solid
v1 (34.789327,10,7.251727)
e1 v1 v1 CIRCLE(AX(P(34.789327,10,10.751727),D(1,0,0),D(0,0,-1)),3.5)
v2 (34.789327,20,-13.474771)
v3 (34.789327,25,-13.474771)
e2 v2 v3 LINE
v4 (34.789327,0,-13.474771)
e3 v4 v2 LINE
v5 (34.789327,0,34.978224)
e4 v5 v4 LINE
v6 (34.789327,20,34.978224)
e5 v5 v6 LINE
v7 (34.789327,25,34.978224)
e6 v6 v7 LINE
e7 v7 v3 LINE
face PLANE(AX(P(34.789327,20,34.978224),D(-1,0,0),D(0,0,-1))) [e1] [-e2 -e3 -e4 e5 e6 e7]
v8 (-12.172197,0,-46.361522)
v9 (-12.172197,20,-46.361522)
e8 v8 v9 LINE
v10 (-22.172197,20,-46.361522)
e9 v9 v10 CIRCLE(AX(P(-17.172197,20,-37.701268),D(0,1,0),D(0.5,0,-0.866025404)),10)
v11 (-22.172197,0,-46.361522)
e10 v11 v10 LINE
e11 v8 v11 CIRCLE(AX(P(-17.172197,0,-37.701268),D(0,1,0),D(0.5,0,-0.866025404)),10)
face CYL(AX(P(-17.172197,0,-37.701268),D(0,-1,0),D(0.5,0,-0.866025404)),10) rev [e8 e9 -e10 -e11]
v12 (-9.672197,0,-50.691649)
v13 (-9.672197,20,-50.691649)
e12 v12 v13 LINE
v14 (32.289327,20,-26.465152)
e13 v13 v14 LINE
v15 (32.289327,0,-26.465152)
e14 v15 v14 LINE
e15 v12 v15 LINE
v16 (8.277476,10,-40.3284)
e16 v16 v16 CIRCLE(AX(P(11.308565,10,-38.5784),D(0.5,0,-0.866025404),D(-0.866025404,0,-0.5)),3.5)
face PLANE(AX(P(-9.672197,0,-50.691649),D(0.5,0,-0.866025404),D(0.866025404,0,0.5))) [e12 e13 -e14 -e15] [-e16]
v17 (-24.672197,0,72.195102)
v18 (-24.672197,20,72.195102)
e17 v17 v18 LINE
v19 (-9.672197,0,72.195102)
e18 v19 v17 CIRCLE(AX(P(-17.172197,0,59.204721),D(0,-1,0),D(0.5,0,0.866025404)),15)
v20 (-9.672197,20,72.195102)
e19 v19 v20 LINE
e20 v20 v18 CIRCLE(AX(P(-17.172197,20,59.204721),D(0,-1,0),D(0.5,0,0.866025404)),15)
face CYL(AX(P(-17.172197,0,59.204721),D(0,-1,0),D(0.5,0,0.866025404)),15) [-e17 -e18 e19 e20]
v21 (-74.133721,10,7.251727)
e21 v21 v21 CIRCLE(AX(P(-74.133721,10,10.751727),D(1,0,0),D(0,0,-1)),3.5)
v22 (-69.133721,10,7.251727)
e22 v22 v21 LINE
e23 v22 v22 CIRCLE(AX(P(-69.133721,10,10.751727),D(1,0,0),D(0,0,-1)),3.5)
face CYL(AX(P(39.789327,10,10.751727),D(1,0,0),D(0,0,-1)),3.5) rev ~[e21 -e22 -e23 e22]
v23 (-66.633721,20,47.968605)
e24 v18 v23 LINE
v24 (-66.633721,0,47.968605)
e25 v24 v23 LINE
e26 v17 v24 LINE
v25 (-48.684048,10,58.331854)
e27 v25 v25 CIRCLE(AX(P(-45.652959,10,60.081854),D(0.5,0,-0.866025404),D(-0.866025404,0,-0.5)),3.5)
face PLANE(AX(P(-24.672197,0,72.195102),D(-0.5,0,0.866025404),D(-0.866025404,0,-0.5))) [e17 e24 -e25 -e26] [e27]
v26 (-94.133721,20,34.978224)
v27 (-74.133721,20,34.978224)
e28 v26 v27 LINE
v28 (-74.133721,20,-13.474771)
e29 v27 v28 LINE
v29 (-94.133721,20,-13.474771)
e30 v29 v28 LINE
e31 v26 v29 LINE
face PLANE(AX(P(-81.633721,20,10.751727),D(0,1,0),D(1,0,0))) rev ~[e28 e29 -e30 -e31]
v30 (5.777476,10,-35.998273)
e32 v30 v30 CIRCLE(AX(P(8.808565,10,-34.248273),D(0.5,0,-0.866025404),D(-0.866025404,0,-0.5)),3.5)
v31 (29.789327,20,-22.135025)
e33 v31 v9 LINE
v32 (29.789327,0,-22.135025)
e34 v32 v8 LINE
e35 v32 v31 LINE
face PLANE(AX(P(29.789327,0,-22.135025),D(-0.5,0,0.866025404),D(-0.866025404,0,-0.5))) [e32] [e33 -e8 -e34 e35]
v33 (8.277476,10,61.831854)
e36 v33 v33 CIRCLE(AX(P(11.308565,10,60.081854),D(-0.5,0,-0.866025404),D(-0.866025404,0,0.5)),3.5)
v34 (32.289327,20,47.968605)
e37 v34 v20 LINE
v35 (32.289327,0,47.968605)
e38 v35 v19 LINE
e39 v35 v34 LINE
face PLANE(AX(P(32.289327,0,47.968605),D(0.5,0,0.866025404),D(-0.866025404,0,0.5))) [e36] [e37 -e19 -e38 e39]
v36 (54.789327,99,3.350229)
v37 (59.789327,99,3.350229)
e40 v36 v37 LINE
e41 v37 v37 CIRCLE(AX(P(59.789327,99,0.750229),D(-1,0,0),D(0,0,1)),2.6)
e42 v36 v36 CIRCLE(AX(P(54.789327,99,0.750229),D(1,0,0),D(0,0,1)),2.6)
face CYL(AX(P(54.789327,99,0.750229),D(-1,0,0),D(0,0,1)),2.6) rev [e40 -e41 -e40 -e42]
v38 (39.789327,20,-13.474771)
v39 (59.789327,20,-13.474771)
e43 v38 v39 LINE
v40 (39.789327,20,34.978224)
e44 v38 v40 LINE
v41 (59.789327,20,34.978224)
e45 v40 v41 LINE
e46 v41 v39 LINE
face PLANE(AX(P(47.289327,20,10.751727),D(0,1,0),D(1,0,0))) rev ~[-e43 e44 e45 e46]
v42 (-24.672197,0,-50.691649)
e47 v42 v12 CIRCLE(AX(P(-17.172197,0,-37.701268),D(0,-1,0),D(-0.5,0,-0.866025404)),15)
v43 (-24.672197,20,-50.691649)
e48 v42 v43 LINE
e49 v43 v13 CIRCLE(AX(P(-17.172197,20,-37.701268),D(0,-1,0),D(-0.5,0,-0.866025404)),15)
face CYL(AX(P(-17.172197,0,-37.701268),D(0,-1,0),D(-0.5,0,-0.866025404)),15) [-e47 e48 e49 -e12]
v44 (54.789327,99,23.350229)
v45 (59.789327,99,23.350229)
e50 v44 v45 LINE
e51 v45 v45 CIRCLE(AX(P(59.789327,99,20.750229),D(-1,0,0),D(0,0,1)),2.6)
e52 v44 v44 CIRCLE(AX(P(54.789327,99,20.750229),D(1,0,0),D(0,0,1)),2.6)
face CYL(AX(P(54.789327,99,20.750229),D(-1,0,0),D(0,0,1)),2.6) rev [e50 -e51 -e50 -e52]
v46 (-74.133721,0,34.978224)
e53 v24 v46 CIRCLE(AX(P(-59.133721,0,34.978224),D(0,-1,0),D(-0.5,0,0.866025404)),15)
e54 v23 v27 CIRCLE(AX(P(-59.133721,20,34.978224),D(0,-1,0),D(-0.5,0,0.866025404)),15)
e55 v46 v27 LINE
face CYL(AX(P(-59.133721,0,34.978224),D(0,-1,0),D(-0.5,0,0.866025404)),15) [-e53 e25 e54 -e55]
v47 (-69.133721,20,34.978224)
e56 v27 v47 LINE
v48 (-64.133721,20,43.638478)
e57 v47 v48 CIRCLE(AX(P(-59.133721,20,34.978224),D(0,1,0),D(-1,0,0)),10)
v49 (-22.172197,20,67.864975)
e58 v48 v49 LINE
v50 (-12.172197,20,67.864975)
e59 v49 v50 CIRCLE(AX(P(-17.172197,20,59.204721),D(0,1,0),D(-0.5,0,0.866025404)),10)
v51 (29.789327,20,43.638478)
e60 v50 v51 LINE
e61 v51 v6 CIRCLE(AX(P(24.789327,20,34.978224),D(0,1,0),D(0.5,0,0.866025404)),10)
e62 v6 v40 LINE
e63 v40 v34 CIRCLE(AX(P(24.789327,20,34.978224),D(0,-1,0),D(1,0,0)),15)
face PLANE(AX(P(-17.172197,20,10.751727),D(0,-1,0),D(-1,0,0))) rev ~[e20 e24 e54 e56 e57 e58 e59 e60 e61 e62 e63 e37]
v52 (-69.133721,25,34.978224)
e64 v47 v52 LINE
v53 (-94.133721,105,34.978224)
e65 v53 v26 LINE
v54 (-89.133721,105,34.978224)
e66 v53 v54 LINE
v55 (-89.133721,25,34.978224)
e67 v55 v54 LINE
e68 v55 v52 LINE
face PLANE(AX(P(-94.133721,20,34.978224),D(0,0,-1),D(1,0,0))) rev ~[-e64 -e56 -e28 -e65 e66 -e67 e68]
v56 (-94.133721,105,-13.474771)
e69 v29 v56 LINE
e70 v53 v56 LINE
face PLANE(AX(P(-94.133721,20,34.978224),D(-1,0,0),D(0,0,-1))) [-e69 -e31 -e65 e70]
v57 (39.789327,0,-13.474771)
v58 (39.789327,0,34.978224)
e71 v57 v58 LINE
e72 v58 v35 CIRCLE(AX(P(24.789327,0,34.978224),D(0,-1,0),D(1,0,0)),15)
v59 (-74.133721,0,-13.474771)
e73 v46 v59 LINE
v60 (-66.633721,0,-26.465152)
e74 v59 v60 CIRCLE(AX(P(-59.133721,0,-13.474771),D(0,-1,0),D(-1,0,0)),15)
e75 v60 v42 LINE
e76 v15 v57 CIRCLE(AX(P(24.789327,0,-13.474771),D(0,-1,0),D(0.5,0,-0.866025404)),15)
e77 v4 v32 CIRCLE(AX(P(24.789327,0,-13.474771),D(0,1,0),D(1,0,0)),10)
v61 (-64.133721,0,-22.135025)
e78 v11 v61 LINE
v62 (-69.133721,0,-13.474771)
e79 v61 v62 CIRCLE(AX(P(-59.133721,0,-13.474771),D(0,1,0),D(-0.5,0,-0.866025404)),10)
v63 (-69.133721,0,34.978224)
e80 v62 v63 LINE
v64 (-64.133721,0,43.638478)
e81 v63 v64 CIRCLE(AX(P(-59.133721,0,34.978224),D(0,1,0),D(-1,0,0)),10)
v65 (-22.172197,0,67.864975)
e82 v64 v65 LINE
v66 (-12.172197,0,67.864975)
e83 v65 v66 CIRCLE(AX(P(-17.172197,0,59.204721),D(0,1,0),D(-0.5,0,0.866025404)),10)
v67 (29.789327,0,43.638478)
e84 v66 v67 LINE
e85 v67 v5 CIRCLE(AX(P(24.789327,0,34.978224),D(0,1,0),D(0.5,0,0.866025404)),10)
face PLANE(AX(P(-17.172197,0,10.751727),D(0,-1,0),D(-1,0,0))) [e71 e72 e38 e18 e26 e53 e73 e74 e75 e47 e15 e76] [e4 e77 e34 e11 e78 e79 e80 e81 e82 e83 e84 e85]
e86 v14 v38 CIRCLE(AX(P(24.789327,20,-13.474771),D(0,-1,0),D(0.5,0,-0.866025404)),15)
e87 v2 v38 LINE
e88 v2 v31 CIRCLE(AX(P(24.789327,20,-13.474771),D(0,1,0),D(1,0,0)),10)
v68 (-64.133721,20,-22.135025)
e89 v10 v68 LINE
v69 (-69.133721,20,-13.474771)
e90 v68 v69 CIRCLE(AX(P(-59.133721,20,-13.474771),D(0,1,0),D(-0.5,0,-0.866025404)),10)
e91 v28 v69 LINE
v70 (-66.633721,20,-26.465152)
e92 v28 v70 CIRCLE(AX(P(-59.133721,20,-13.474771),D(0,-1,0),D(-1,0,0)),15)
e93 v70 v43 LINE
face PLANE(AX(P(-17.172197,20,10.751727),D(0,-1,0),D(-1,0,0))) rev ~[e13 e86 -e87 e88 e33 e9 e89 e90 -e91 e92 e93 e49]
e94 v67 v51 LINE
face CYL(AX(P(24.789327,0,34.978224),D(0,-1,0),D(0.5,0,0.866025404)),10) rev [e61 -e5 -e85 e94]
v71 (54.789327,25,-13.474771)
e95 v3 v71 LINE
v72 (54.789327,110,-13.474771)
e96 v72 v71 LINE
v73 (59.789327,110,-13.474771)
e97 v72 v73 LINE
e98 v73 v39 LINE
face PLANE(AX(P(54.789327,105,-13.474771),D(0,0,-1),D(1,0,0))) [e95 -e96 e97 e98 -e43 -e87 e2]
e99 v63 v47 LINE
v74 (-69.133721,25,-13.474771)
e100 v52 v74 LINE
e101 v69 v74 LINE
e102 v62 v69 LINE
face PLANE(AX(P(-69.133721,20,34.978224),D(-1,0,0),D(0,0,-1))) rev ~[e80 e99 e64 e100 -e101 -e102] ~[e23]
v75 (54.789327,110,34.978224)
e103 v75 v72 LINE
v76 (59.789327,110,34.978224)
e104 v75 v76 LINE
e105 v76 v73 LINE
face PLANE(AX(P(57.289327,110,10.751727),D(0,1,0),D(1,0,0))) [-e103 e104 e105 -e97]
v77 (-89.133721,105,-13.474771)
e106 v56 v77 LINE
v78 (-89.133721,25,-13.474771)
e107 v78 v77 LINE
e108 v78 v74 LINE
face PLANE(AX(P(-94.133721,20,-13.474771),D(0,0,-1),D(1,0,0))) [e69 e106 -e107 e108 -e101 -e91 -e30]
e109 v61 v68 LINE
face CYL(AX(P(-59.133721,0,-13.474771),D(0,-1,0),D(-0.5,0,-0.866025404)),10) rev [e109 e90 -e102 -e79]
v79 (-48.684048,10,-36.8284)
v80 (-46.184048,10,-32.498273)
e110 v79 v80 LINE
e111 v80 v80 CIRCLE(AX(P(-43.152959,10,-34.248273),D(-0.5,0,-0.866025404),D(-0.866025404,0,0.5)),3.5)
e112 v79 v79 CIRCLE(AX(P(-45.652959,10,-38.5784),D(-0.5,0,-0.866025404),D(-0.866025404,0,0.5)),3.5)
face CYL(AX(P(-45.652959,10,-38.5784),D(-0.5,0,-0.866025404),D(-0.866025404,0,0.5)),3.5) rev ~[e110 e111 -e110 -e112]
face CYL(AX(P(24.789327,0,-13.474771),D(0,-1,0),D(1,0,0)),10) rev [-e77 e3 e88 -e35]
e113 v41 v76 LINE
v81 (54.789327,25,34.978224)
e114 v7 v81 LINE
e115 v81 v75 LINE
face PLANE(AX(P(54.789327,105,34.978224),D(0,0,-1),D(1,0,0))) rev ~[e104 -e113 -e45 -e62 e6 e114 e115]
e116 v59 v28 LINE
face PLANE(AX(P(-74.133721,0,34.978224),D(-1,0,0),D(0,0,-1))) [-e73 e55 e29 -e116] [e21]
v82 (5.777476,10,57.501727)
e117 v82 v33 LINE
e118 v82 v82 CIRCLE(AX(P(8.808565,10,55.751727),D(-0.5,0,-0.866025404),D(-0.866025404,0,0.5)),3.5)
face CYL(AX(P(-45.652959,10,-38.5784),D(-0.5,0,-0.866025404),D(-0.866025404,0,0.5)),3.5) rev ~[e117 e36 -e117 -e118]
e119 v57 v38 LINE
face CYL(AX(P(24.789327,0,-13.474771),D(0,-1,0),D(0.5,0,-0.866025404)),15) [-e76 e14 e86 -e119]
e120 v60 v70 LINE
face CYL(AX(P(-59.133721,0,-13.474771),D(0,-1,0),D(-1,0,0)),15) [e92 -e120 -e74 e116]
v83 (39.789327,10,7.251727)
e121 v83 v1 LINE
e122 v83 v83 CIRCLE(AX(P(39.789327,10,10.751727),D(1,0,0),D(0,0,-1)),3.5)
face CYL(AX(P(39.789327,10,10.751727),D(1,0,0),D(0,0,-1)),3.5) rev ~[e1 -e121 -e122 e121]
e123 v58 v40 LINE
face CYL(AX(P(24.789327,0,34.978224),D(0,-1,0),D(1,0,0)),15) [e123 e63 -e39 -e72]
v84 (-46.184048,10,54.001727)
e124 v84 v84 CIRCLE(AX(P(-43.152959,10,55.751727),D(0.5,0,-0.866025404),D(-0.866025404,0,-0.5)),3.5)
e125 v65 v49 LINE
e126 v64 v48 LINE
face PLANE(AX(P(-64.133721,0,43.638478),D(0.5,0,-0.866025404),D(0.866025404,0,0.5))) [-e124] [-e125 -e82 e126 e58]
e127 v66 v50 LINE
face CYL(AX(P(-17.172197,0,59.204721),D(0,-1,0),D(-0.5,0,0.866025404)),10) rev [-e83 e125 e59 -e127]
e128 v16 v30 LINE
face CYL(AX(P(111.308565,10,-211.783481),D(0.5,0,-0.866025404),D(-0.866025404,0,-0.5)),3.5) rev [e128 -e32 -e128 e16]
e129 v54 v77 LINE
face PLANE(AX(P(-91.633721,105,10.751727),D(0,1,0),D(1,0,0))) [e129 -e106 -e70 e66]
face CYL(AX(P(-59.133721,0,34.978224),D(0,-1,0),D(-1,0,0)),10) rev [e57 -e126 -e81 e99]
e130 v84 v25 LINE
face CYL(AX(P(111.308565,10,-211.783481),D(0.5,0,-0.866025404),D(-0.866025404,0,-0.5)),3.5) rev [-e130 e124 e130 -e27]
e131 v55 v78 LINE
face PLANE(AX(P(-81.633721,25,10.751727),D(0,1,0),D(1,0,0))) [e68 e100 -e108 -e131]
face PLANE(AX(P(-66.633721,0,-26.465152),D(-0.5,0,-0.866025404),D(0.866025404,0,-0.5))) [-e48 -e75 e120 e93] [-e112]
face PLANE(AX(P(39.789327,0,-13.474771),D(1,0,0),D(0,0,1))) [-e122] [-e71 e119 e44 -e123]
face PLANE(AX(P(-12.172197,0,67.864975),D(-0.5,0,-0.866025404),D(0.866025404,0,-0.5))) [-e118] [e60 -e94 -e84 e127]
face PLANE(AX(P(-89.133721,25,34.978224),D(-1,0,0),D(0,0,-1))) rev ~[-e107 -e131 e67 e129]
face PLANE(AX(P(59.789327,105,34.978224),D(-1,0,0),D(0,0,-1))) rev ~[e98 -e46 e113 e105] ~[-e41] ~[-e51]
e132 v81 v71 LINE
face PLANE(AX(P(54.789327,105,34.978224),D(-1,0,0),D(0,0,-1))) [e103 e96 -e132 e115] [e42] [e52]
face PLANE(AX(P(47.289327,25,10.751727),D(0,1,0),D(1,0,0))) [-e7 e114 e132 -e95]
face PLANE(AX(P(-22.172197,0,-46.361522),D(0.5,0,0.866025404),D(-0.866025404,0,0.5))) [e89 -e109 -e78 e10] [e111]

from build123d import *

# Parameters (mm, degrees)
Y_KSEKLIK_EKSTR_ZYON1_DEPTH = 20
IZIM3_W                     = 25
IZIM3_H                     = 48.452994616
Y_KSEKLIK_EKSTR_ZYON2_DEPTH = 5
IZIM12_R                    = 3.5
KES_EKSTR_ZYON4_DEPTH       = 200
KES_EKSTR_ZYON5_DEPTH       = 200
KES_EKSTR_ZYON5_DEPTH_BACK  = 200
IZIM13_R                    = 3.5
IZIM14_R                    = 3.5
KES_EKSTR_ZYON6_DEPTH       = 150
IZIM10_W                    = 5
IZIM10_H                    = 48.452994616
Y_KSEKLIK_EKSTR_ZYON3_DEPTH = 80
IZIM15_W                    = 5
IZIM15_H                    = 48.452994616
Y_KSEKLIK_EKSTR_ZYON4_DEPTH = 5
IZIM11_R                    = 2.6
KES_EKSTR_ZYON3_DEPTH       = 5.5


with BuildPart() as part:
    # Çizim1 → Yükseklik-Ekstrüzyon1 (new body)
    with BuildSketch(Plane(origin=(0, 0, 0), x_dir=(1, 0, 0), z_dir=(0, 1, 0))):
        with BuildLine():
            Line((-74.133721197, -34.978223844), (-74.133721197, 13.474770772))
            ThreePointArc((-74.133721197, 13.474770772), (-72.124102253, 20.974770772), (-66.633721197, 26.465151829))
            Line((-66.633721197, 26.465151829), (-24.672196969, 50.691649137))
            ThreePointArc((-24.672196969, 50.691649137), (-17.172196969, 52.70126808), (-9.672196969, 50.691649137))
            Line((-9.672196969, 50.691649137), (32.289327258, 26.465151829))
            ThreePointArc((32.289327258, 26.465151829), (37.779708314, 20.974770772), (39.789327258, 13.474770772))
            Line((39.789327258, 13.474770772), (39.789327258, -34.978223844))
            ThreePointArc((39.789327258, -34.978223844), (37.779708314, -42.478223844), (32.289327258, -47.968604901))
            Line((32.289327258, -47.968604901), (-9.672196969, -72.195102209))
            ThreePointArc((-9.672196969, -72.195102209), (-17.172196969, -74.204721152), (-24.672196969, -72.195102209))
            Line((-24.672196969, -72.195102209), (-66.633721197, -47.968604901))
            ThreePointArc((-66.633721197, -47.968604901), (-72.124102253, -42.478223844), (-74.133721197, -34.978223844))
        make_face()
        with BuildLine():
            Line((-69.133721197, 13.474770772), (-69.133721197, -34.978223844))
            ThreePointArc((-69.133721197, -34.978223844), (-67.793975234, -39.978223844), (-64.133721197, -43.638477882))
            Line((-64.133721197, -43.638477882), (-22.172196969, -67.86497519))
            ThreePointArc((-22.172196969, -67.86497519), (-17.172196969, -69.204721152), (-12.172196969, -67.86497519))
            Line((-12.172196969, -67.86497519), (29.789327258, -43.638477882))
            ThreePointArc((29.789327258, -43.638477882), (33.449581295, -39.978223844), (34.789327258, -34.978223844))
            Line((34.789327258, -34.978223844), (34.789327258, 13.474770772))
            ThreePointArc((34.789327258, 13.474770772), (33.449581295, 18.474770772), (29.789327258, 22.13502481))
            Line((29.789327258, 22.13502481), (-12.172196969, 46.361522118))
            ThreePointArc((-12.172196969, 46.361522118), (-17.172196969, 47.70126808), (-22.172196969, 46.361522118))
            Line((-22.172196969, 46.361522118), (-64.133721197, 22.13502481))
            ThreePointArc((-64.133721197, 22.13502481), (-67.793975234, 18.474770772), (-69.133721197, 13.474770772))
        make_face(mode=Mode.SUBTRACT)
    extrude(amount=Y_KSEKLIK_EKSTR_ZYON1_DEPTH)

    # Çizim3 → Yükseklik-Ekstrüzyon2 (add)
    with BuildSketch(Plane(origin=(0, 20, 0), x_dir=(1, 0, 0), z_dir=(0, 1, 0))):
        with Locations((-81.633721197, -10.751726536)):
            Rectangle(IZIM3_W, IZIM3_H)
        with Locations((47.289327258, -10.751726536)):
            Rectangle(IZIM3_W, IZIM3_H)
    extrude(amount=Y_KSEKLIK_EKSTR_ZYON2_DEPTH)

    # Çizim12 → Kes-Ekstrüzyon4 (cut)
    with BuildSketch(Plane(origin=(39.789327258, 0, 0), x_dir=(0, 0, -1), z_dir=(1, 0, 0))):
        with Locations((-10.751726536, 10)):
            Circle(IZIM12_R)
    extrude(amount=-KES_EKSTR_ZYON4_DEPTH, mode=Mode.SUBTRACT)

    # Çizim13 → Kes-Ekstrüzyon5 (cut, two sides: drawn at the far end of the back side and taken through both)
    with BuildSketch(Plane(origin=(10.467209436, 0, -39.064157428), x_dir=(0.8660254037844397, 0, 0.4999999999999982), z_dir=(-0.4999999999999983, 0, 0.8660254037844398)).offset(-KES_EKSTR_ZYON5_DEPTH_BACK)):
        with Locations(Location((0.971513889, 10, 0), (0, 0, 180))):
            Circle(IZIM13_R)
    extrude(amount=KES_EKSTR_ZYON5_DEPTH + KES_EKSTR_ZYON5_DEPTH_BACK, mode=Mode.SUBTRACT)

    # Çizim14 → Kes-Ekstrüzyon6 (cut)
    with BuildSketch(Plane(origin=(-28.118177199, 0, -48.702111524), x_dir=(-0.8660254037844375, 0, 0.500000000000002), z_dir=(-0.500000000000002, 0, -0.8660254037844375))):
        with Locations((20.247422082, 10)):
            Circle(IZIM14_R)
    extrude(amount=-KES_EKSTR_ZYON6_DEPTH, mode=Mode.SUBTRACT)

    # Çizim10 → Yükseklik-Ekstrüzyon3 (add)
    with BuildSketch(Plane(origin=(0, 25, 0), x_dir=(1, 0, 0), z_dir=(0, 1, 0))):
        with Locations((57.289327258, -10.751726536)):
            Rectangle(IZIM10_W, IZIM10_H)
        with Locations((-91.633721197, -10.751726536)):
            Rectangle(IZIM10_W, IZIM10_H)
    extrude(amount=Y_KSEKLIK_EKSTR_ZYON3_DEPTH)

    # Çizim15 → Yükseklik-Ekstrüzyon4 (add)
    with BuildSketch(Plane(origin=(0, 105, 0), x_dir=(1, 0, 0), z_dir=(0, 1, 0))):
        with Locations((57.289327258, -10.751726536)):
            Rectangle(IZIM15_W, IZIM15_H)
    extrude(amount=Y_KSEKLIK_EKSTR_ZYON4_DEPTH)

    # Çizim11 → Kes-Ekstrüzyon3 (cut)
    with BuildSketch(Plane(origin=(54.789327258, 0, 0), x_dir=(0, 0, -1), z_dir=(1, 0, 0))):
        with Locations(Location((-20.750229228, 99, 0), (0, 0, 180))):
            Circle(IZIM11_R)
        with Locations(Location((-0.750229228, 99, 0), (0, 0, 180))):
            Circle(IZIM11_R)
    extrude(amount=KES_EKSTR_ZYON3_DEPTH, mode=Mode.SUBTRACT)


solid = part.part
